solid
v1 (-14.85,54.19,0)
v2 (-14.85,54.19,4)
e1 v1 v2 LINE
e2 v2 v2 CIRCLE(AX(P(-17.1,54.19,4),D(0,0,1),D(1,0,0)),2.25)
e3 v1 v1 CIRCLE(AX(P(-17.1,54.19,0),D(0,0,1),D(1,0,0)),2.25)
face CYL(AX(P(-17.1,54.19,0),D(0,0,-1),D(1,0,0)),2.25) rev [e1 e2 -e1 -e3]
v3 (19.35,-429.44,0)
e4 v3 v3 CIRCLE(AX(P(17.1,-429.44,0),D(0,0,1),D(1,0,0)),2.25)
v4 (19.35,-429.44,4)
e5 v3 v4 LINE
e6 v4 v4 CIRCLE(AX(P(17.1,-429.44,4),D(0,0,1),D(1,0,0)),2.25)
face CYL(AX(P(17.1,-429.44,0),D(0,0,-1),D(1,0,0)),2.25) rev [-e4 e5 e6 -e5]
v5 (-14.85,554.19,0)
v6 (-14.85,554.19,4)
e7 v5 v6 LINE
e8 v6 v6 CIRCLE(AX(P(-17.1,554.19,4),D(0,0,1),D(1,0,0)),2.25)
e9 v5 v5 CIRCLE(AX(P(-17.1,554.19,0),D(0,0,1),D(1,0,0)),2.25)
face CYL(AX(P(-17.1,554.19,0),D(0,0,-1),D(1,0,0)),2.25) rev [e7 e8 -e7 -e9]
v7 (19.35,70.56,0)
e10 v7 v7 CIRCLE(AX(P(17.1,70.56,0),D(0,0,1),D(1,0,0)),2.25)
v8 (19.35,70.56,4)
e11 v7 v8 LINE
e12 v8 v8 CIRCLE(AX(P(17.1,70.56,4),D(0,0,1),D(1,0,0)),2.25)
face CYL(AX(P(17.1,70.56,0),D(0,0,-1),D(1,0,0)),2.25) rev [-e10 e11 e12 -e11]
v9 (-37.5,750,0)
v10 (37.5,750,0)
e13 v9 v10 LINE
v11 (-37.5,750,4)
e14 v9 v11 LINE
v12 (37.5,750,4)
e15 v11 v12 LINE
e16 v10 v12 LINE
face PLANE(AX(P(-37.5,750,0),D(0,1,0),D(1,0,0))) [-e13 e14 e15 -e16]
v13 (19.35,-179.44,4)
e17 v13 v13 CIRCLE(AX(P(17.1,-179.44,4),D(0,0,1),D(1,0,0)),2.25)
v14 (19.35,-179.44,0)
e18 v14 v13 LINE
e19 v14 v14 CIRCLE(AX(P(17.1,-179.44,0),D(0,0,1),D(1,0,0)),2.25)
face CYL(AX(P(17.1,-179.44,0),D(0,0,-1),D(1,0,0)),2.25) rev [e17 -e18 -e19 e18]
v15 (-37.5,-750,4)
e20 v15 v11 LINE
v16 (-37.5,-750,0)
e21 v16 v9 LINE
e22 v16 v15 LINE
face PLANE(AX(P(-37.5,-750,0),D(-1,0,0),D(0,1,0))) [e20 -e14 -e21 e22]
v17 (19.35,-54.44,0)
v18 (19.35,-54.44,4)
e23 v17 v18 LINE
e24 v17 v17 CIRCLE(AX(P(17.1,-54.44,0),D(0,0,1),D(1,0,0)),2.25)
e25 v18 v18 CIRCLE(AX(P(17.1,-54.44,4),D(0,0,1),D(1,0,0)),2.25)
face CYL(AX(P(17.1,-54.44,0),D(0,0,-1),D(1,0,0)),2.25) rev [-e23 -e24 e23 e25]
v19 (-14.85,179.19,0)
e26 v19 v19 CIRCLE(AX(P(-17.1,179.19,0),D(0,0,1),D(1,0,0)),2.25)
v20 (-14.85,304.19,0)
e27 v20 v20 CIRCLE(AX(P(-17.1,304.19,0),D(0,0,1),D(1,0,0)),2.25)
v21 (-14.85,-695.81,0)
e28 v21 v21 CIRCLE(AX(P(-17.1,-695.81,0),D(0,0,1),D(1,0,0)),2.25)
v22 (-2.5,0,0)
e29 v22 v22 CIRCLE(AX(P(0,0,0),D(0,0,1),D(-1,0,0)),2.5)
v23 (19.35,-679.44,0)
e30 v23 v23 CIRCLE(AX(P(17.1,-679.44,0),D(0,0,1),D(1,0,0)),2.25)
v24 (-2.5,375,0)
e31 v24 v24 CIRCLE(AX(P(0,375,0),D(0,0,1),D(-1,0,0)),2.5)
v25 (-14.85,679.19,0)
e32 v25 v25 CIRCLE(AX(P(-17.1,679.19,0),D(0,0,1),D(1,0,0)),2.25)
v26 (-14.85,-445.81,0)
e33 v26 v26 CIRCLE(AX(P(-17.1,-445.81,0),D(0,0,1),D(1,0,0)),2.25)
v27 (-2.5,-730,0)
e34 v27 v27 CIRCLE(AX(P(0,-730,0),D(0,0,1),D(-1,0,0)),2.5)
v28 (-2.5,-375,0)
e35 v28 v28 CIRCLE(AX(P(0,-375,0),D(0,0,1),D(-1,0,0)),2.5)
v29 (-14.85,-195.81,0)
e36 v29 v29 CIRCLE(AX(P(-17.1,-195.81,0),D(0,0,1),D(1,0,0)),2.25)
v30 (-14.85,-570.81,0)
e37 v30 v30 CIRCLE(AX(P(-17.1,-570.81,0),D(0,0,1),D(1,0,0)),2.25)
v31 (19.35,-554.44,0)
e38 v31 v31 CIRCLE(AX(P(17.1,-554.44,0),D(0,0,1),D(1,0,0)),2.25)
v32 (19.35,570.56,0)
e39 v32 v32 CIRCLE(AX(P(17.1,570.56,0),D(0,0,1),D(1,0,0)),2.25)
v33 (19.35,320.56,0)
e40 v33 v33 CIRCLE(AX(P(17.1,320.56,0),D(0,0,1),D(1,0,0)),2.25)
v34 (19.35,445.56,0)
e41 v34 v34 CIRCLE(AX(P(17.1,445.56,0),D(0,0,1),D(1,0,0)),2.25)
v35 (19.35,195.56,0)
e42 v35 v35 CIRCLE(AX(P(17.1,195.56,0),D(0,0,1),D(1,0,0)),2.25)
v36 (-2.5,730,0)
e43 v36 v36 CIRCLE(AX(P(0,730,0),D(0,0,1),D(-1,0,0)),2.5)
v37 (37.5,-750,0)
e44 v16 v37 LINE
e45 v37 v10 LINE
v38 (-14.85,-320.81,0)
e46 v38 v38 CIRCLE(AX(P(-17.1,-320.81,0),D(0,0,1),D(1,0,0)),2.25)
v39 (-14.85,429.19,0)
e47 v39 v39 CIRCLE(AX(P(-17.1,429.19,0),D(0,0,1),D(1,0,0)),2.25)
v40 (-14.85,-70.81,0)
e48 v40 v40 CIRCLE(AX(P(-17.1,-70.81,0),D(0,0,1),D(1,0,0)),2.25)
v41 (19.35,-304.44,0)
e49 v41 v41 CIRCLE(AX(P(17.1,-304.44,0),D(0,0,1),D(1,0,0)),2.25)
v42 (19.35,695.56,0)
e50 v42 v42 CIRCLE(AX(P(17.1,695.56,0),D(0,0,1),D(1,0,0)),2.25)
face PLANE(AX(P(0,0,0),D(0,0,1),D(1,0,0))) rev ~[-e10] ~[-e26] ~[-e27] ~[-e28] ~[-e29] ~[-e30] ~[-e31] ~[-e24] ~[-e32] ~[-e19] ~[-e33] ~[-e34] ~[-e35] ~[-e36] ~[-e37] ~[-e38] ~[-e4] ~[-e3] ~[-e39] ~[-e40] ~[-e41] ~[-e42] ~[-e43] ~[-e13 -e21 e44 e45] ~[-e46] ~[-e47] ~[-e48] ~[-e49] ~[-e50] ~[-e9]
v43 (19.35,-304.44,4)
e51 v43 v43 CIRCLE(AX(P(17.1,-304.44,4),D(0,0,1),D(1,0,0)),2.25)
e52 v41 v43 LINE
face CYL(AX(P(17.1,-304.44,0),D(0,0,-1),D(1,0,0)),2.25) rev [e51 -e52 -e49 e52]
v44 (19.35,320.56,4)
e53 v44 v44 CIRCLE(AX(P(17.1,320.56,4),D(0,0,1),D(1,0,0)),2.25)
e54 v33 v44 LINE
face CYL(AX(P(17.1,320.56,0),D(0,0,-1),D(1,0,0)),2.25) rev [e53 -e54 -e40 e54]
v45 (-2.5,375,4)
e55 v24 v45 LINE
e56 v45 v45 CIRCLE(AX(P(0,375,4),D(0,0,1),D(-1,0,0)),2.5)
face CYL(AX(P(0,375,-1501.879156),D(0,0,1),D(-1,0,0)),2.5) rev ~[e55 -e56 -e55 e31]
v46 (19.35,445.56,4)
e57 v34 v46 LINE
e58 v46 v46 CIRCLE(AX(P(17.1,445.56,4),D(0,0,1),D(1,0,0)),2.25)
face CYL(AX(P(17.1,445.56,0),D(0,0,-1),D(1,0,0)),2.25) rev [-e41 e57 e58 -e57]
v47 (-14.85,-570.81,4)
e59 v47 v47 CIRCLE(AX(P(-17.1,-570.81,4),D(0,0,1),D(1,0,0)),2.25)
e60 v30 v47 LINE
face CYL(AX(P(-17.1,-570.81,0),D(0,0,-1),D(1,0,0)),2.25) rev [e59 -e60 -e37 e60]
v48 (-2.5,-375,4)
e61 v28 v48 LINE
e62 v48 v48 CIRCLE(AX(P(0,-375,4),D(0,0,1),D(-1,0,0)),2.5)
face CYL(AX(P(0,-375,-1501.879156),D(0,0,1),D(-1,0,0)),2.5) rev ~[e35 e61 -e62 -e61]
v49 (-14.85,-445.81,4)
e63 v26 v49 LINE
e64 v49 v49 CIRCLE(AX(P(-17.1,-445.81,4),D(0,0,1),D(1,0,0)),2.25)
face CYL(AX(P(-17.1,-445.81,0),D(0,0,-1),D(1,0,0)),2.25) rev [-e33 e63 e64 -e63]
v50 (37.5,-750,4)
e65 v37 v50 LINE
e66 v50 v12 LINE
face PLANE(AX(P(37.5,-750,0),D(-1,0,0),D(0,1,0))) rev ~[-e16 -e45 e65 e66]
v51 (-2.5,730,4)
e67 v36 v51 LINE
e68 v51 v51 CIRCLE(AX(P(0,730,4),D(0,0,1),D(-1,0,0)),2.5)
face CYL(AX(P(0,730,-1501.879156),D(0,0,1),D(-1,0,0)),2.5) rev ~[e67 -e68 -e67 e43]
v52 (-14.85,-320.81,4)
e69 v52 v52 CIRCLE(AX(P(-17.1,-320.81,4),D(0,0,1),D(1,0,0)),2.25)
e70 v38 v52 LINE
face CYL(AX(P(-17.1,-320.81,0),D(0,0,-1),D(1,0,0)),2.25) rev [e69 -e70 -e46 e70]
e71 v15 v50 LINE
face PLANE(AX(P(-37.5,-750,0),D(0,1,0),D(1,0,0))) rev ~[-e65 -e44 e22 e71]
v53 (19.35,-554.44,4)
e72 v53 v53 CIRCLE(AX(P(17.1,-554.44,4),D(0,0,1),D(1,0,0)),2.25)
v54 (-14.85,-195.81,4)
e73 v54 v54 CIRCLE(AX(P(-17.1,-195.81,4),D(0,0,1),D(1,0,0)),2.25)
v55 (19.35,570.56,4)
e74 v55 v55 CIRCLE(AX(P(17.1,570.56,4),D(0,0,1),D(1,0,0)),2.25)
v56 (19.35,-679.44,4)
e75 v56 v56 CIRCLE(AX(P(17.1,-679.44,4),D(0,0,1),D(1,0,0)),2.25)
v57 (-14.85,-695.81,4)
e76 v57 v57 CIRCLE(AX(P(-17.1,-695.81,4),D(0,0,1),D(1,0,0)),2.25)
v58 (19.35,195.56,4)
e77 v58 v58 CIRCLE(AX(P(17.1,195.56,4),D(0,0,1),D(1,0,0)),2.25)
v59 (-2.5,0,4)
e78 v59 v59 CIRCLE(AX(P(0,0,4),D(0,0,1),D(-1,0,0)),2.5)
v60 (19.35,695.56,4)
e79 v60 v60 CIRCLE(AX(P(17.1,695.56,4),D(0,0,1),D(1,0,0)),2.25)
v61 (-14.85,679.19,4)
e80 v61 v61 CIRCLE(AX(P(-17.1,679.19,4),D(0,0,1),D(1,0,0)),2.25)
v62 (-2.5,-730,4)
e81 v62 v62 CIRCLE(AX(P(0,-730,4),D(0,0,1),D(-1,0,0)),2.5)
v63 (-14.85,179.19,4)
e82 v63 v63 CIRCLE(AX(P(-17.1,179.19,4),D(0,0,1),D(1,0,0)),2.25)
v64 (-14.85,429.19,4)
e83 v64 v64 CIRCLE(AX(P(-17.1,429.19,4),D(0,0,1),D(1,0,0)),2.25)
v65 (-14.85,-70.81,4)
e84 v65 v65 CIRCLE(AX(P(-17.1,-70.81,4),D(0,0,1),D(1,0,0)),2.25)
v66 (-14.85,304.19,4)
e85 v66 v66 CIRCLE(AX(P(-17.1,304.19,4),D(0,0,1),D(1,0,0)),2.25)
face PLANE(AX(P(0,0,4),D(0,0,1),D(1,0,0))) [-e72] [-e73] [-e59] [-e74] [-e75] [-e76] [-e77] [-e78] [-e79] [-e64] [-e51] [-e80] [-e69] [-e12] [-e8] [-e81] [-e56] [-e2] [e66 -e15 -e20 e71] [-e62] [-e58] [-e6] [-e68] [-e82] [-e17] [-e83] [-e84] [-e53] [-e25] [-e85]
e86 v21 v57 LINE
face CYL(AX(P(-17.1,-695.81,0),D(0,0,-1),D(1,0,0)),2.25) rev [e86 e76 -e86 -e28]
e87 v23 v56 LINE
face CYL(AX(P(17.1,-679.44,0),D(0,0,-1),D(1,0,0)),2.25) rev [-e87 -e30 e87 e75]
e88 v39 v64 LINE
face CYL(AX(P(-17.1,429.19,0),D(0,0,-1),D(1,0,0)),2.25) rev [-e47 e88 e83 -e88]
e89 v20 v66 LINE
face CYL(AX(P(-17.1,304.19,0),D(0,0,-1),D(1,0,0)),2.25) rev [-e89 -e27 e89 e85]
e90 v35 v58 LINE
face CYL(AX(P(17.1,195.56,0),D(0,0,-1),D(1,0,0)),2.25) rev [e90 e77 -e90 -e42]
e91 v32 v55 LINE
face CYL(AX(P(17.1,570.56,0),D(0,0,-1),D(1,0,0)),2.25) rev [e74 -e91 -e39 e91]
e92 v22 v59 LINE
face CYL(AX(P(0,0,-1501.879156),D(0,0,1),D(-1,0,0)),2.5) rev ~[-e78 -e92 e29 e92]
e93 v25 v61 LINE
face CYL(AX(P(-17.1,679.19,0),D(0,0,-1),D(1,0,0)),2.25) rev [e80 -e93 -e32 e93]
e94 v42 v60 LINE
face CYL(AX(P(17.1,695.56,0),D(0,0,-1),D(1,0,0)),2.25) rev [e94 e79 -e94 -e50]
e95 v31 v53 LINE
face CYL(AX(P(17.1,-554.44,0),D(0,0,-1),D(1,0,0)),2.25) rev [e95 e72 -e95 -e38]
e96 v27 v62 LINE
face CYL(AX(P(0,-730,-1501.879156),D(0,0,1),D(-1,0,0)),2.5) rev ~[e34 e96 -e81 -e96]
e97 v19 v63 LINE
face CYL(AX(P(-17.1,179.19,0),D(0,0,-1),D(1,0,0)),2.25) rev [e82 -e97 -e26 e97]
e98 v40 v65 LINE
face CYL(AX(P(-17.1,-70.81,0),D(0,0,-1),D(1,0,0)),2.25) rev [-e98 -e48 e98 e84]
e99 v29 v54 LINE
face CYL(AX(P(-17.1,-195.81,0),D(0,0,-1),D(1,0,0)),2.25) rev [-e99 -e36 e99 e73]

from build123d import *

# Parameters (mm, degrees)
F0_W     = 75
F0_H     = 1500
F0_R     = 2.25
F1_DEPTH = 4
F2_D     = 5


with BuildPart() as f1:
    # F0 (on Top) → F1 (new body)
    with BuildSketch(Plane.XY):
        Rectangle(F0_W, F0_H)
        with Locations((-17.1, -695.81)):
            Circle(F0_R, mode=Mode.SUBTRACT)
        with Locations((-17.1, -570.81)):
            Circle(F0_R, mode=Mode.SUBTRACT)
        with Locations((-17.1, -445.81)):
            Circle(F0_R, mode=Mode.SUBTRACT)
        with Locations((-17.1, -320.81)):
            Circle(F0_R, mode=Mode.SUBTRACT)
        with Locations((-17.1, -195.81)):
            Circle(F0_R, mode=Mode.SUBTRACT)
        with Locations((-17.1, -70.81)):
            Circle(F0_R, mode=Mode.SUBTRACT)
        with Locations((17.1, -679.44)):
            Circle(F0_R, mode=Mode.SUBTRACT)
        with Locations((17.1, -554.44)):
            Circle(F0_R, mode=Mode.SUBTRACT)
        with Locations((17.1, -429.44)):
            Circle(F0_R, mode=Mode.SUBTRACT)
        with Locations((17.1, -304.44)):
            Circle(F0_R, mode=Mode.SUBTRACT)
        with Locations((17.1, -179.44)):
            Circle(F0_R, mode=Mode.SUBTRACT)
        with Locations((17.1, -54.44)):
            Circle(F0_R, mode=Mode.SUBTRACT)
        with Locations((-17.1, 54.19)):
            Circle(F0_R, mode=Mode.SUBTRACT)
        with Locations((-17.1, 179.19)):
            Circle(F0_R, mode=Mode.SUBTRACT)
        with Locations((-17.1, 304.19)):
            Circle(F0_R, mode=Mode.SUBTRACT)
        with Locations((-17.1, 429.19)):
            Circle(F0_R, mode=Mode.SUBTRACT)
        with Locations((-17.1, 554.19)):
            Circle(F0_R, mode=Mode.SUBTRACT)
        with Locations((-17.1, 679.19)):
            Circle(F0_R, mode=Mode.SUBTRACT)
        with Locations((17.1, 70.56)):
            Circle(F0_R, mode=Mode.SUBTRACT)
        with Locations((17.1, 195.56)):
            Circle(F0_R, mode=Mode.SUBTRACT)
        with Locations((17.1, 320.56)):
            Circle(F0_R, mode=Mode.SUBTRACT)
        with Locations((17.1, 445.56)):
            Circle(F0_R, mode=Mode.SUBTRACT)
        with Locations((17.1, 570.56)):
            Circle(F0_R, mode=Mode.SUBTRACT)
        with Locations((17.1, 695.56)):
            Circle(F0_R, mode=Mode.SUBTRACT)
    extrude(amount=F1_DEPTH)

    # F2 (through all)
    with Locations(Plane(origin=(0, 0, 0), x_dir=(1, 0, 0), z_dir=(0, 0, -1))):
        with Locations((0, 730), (0, 375), (0, 0), (0, -375), (0, -730)):
            Hole(F2_D / 2)


solid = f1.part
